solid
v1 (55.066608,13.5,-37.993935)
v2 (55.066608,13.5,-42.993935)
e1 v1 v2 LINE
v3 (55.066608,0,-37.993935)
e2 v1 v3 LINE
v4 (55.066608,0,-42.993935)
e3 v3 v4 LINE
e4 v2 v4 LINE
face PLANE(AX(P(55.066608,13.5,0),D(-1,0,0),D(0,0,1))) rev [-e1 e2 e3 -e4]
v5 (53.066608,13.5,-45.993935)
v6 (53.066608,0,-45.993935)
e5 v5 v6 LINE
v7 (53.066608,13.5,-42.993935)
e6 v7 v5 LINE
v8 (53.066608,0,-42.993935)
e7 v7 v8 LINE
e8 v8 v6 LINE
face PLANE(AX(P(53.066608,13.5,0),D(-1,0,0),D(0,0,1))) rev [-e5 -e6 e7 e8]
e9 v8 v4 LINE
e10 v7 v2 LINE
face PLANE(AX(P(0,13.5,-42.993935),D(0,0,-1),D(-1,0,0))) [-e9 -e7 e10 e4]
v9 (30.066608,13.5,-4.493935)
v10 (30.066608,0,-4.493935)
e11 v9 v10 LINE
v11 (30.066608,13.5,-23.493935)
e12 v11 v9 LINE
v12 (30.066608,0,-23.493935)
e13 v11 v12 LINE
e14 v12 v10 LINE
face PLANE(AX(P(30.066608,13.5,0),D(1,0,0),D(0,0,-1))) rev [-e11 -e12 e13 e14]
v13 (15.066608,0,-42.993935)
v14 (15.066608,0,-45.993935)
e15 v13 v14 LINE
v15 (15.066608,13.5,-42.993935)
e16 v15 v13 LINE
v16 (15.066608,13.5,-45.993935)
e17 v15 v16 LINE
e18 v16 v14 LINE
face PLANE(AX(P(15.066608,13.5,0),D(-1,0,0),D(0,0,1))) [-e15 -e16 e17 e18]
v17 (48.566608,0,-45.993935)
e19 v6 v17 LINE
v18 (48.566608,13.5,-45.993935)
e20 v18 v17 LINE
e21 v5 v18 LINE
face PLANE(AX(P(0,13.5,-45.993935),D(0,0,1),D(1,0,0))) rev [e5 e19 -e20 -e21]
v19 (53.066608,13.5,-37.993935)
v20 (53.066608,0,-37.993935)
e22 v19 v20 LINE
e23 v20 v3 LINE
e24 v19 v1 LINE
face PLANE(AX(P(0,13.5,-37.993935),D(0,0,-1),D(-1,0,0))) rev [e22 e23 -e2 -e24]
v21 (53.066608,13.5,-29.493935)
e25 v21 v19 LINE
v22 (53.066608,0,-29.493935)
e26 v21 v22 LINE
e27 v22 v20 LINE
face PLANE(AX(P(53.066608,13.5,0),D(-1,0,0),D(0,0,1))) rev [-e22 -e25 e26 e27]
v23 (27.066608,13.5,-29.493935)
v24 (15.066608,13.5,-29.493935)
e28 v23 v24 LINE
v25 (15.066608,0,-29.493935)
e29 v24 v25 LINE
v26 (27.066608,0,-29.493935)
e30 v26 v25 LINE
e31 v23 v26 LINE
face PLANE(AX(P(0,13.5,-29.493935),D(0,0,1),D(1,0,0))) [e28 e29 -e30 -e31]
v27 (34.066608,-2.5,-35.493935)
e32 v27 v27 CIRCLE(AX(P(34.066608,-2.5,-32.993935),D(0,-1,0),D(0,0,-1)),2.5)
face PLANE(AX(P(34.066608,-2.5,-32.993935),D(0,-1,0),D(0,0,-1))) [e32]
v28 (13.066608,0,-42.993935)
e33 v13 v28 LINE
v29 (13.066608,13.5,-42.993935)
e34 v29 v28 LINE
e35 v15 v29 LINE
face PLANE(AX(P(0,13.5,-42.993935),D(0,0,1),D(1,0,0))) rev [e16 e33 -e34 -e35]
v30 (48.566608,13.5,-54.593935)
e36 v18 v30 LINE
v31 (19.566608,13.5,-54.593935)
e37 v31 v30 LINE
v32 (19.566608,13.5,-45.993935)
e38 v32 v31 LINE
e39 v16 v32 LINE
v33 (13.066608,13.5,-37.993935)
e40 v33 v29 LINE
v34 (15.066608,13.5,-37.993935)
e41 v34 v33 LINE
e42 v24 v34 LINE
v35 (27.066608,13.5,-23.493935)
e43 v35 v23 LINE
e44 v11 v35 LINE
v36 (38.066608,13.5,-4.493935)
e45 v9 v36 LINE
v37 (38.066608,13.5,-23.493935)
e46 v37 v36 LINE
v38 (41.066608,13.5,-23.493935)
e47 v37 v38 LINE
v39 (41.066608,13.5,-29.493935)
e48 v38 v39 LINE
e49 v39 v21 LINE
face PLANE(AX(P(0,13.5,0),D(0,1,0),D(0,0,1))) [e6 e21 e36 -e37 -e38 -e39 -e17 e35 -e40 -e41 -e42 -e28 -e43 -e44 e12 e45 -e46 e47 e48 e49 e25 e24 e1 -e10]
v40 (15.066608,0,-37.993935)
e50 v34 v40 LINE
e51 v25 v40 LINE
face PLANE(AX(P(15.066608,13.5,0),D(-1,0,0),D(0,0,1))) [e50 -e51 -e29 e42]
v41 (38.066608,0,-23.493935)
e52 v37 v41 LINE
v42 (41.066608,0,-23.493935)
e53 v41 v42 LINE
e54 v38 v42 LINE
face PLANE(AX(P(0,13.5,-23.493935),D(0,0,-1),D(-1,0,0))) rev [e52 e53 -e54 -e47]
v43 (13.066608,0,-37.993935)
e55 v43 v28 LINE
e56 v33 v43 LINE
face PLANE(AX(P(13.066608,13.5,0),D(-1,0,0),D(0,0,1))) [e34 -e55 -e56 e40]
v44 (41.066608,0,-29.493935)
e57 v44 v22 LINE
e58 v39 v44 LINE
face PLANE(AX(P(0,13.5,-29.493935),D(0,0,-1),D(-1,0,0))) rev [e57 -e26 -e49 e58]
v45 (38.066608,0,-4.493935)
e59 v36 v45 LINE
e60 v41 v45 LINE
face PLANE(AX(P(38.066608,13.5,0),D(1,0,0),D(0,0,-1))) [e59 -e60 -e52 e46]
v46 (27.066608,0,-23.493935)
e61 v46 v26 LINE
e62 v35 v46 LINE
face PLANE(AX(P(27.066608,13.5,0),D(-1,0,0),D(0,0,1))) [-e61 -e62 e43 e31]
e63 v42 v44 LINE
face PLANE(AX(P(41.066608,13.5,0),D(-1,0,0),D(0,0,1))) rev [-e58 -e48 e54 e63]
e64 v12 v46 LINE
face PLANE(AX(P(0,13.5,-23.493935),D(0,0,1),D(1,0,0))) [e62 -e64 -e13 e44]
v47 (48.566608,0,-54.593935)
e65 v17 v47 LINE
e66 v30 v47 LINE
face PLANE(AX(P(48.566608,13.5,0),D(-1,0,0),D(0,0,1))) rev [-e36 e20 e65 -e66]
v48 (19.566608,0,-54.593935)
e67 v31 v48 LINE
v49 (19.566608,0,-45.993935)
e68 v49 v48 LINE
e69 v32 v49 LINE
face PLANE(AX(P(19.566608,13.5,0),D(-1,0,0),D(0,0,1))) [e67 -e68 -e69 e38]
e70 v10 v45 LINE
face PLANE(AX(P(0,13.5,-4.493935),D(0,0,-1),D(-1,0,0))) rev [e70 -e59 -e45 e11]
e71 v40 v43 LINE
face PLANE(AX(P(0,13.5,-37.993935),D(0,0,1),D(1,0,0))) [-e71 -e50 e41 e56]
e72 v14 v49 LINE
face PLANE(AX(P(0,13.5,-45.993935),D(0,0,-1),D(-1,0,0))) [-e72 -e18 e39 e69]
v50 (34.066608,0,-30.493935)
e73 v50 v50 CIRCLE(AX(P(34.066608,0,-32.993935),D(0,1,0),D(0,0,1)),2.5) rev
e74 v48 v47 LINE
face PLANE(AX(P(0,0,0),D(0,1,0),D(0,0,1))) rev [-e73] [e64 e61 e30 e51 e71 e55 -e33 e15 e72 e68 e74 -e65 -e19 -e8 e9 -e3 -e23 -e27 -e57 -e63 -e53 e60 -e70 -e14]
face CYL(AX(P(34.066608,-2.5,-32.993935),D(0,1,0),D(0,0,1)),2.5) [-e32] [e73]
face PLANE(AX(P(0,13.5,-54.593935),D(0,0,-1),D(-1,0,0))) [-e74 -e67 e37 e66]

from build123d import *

# Parameters (mm, degrees)
BOSS_EXTRUDE1_DEPTH = 13.5
SKETCH2_R           = 2.5
BOSS_EXTRUDE2_DEPTH = 2.5


with BuildPart() as part:
    # Sketch1 → Boss-Extrude1 (new body)
    with BuildSketch(Plane(origin=(0, 0, 0), x_dir=(1, 0, 0), z_dir=(0, 1, 0))):
        Polygon((30.066607979, 23.493934911), (30.066607979, 4.493934911), (38.066607979, 4.493934911), (38.066607979, 23.493934911), (41.066607979, 23.493934911), (41.066607979, 29.493934911), (53.066607979, 29.493934911), (53.066607979, 37.993934911), (55.066607979, 37.993934911), (55.066607979, 42.993934911), (53.066607979, 42.993934911), (53.066607979, 45.993934911), (48.566607979, 45.993934911), (48.566607979, 54.593934911), (43.066607979, 54.593934911), (25.066607979, 54.593934911), (19.566607979, 54.593934911), (19.566607979, 45.993934911), (15.066607979, 45.993934911), (15.066607979, 42.993934911), (13.066607979, 42.993934911), (13.066607979, 37.993934911), (15.066607979, 37.993934911), (15.066607979, 29.493934911), (27.066607979, 29.493934911), (27.066607979, 23.493934911), align=None)
    extrude(amount=BOSS_EXTRUDE1_DEPTH)

    # Sketch2 → Boss-Extrude2 (add)
    with BuildSketch(Plane.XZ):
        with Locations((34.066607979, -32.993934911)):
            Circle(SKETCH2_R)
    extrude(amount=BOSS_EXTRUDE2_DEPTH)


solid = part.part
